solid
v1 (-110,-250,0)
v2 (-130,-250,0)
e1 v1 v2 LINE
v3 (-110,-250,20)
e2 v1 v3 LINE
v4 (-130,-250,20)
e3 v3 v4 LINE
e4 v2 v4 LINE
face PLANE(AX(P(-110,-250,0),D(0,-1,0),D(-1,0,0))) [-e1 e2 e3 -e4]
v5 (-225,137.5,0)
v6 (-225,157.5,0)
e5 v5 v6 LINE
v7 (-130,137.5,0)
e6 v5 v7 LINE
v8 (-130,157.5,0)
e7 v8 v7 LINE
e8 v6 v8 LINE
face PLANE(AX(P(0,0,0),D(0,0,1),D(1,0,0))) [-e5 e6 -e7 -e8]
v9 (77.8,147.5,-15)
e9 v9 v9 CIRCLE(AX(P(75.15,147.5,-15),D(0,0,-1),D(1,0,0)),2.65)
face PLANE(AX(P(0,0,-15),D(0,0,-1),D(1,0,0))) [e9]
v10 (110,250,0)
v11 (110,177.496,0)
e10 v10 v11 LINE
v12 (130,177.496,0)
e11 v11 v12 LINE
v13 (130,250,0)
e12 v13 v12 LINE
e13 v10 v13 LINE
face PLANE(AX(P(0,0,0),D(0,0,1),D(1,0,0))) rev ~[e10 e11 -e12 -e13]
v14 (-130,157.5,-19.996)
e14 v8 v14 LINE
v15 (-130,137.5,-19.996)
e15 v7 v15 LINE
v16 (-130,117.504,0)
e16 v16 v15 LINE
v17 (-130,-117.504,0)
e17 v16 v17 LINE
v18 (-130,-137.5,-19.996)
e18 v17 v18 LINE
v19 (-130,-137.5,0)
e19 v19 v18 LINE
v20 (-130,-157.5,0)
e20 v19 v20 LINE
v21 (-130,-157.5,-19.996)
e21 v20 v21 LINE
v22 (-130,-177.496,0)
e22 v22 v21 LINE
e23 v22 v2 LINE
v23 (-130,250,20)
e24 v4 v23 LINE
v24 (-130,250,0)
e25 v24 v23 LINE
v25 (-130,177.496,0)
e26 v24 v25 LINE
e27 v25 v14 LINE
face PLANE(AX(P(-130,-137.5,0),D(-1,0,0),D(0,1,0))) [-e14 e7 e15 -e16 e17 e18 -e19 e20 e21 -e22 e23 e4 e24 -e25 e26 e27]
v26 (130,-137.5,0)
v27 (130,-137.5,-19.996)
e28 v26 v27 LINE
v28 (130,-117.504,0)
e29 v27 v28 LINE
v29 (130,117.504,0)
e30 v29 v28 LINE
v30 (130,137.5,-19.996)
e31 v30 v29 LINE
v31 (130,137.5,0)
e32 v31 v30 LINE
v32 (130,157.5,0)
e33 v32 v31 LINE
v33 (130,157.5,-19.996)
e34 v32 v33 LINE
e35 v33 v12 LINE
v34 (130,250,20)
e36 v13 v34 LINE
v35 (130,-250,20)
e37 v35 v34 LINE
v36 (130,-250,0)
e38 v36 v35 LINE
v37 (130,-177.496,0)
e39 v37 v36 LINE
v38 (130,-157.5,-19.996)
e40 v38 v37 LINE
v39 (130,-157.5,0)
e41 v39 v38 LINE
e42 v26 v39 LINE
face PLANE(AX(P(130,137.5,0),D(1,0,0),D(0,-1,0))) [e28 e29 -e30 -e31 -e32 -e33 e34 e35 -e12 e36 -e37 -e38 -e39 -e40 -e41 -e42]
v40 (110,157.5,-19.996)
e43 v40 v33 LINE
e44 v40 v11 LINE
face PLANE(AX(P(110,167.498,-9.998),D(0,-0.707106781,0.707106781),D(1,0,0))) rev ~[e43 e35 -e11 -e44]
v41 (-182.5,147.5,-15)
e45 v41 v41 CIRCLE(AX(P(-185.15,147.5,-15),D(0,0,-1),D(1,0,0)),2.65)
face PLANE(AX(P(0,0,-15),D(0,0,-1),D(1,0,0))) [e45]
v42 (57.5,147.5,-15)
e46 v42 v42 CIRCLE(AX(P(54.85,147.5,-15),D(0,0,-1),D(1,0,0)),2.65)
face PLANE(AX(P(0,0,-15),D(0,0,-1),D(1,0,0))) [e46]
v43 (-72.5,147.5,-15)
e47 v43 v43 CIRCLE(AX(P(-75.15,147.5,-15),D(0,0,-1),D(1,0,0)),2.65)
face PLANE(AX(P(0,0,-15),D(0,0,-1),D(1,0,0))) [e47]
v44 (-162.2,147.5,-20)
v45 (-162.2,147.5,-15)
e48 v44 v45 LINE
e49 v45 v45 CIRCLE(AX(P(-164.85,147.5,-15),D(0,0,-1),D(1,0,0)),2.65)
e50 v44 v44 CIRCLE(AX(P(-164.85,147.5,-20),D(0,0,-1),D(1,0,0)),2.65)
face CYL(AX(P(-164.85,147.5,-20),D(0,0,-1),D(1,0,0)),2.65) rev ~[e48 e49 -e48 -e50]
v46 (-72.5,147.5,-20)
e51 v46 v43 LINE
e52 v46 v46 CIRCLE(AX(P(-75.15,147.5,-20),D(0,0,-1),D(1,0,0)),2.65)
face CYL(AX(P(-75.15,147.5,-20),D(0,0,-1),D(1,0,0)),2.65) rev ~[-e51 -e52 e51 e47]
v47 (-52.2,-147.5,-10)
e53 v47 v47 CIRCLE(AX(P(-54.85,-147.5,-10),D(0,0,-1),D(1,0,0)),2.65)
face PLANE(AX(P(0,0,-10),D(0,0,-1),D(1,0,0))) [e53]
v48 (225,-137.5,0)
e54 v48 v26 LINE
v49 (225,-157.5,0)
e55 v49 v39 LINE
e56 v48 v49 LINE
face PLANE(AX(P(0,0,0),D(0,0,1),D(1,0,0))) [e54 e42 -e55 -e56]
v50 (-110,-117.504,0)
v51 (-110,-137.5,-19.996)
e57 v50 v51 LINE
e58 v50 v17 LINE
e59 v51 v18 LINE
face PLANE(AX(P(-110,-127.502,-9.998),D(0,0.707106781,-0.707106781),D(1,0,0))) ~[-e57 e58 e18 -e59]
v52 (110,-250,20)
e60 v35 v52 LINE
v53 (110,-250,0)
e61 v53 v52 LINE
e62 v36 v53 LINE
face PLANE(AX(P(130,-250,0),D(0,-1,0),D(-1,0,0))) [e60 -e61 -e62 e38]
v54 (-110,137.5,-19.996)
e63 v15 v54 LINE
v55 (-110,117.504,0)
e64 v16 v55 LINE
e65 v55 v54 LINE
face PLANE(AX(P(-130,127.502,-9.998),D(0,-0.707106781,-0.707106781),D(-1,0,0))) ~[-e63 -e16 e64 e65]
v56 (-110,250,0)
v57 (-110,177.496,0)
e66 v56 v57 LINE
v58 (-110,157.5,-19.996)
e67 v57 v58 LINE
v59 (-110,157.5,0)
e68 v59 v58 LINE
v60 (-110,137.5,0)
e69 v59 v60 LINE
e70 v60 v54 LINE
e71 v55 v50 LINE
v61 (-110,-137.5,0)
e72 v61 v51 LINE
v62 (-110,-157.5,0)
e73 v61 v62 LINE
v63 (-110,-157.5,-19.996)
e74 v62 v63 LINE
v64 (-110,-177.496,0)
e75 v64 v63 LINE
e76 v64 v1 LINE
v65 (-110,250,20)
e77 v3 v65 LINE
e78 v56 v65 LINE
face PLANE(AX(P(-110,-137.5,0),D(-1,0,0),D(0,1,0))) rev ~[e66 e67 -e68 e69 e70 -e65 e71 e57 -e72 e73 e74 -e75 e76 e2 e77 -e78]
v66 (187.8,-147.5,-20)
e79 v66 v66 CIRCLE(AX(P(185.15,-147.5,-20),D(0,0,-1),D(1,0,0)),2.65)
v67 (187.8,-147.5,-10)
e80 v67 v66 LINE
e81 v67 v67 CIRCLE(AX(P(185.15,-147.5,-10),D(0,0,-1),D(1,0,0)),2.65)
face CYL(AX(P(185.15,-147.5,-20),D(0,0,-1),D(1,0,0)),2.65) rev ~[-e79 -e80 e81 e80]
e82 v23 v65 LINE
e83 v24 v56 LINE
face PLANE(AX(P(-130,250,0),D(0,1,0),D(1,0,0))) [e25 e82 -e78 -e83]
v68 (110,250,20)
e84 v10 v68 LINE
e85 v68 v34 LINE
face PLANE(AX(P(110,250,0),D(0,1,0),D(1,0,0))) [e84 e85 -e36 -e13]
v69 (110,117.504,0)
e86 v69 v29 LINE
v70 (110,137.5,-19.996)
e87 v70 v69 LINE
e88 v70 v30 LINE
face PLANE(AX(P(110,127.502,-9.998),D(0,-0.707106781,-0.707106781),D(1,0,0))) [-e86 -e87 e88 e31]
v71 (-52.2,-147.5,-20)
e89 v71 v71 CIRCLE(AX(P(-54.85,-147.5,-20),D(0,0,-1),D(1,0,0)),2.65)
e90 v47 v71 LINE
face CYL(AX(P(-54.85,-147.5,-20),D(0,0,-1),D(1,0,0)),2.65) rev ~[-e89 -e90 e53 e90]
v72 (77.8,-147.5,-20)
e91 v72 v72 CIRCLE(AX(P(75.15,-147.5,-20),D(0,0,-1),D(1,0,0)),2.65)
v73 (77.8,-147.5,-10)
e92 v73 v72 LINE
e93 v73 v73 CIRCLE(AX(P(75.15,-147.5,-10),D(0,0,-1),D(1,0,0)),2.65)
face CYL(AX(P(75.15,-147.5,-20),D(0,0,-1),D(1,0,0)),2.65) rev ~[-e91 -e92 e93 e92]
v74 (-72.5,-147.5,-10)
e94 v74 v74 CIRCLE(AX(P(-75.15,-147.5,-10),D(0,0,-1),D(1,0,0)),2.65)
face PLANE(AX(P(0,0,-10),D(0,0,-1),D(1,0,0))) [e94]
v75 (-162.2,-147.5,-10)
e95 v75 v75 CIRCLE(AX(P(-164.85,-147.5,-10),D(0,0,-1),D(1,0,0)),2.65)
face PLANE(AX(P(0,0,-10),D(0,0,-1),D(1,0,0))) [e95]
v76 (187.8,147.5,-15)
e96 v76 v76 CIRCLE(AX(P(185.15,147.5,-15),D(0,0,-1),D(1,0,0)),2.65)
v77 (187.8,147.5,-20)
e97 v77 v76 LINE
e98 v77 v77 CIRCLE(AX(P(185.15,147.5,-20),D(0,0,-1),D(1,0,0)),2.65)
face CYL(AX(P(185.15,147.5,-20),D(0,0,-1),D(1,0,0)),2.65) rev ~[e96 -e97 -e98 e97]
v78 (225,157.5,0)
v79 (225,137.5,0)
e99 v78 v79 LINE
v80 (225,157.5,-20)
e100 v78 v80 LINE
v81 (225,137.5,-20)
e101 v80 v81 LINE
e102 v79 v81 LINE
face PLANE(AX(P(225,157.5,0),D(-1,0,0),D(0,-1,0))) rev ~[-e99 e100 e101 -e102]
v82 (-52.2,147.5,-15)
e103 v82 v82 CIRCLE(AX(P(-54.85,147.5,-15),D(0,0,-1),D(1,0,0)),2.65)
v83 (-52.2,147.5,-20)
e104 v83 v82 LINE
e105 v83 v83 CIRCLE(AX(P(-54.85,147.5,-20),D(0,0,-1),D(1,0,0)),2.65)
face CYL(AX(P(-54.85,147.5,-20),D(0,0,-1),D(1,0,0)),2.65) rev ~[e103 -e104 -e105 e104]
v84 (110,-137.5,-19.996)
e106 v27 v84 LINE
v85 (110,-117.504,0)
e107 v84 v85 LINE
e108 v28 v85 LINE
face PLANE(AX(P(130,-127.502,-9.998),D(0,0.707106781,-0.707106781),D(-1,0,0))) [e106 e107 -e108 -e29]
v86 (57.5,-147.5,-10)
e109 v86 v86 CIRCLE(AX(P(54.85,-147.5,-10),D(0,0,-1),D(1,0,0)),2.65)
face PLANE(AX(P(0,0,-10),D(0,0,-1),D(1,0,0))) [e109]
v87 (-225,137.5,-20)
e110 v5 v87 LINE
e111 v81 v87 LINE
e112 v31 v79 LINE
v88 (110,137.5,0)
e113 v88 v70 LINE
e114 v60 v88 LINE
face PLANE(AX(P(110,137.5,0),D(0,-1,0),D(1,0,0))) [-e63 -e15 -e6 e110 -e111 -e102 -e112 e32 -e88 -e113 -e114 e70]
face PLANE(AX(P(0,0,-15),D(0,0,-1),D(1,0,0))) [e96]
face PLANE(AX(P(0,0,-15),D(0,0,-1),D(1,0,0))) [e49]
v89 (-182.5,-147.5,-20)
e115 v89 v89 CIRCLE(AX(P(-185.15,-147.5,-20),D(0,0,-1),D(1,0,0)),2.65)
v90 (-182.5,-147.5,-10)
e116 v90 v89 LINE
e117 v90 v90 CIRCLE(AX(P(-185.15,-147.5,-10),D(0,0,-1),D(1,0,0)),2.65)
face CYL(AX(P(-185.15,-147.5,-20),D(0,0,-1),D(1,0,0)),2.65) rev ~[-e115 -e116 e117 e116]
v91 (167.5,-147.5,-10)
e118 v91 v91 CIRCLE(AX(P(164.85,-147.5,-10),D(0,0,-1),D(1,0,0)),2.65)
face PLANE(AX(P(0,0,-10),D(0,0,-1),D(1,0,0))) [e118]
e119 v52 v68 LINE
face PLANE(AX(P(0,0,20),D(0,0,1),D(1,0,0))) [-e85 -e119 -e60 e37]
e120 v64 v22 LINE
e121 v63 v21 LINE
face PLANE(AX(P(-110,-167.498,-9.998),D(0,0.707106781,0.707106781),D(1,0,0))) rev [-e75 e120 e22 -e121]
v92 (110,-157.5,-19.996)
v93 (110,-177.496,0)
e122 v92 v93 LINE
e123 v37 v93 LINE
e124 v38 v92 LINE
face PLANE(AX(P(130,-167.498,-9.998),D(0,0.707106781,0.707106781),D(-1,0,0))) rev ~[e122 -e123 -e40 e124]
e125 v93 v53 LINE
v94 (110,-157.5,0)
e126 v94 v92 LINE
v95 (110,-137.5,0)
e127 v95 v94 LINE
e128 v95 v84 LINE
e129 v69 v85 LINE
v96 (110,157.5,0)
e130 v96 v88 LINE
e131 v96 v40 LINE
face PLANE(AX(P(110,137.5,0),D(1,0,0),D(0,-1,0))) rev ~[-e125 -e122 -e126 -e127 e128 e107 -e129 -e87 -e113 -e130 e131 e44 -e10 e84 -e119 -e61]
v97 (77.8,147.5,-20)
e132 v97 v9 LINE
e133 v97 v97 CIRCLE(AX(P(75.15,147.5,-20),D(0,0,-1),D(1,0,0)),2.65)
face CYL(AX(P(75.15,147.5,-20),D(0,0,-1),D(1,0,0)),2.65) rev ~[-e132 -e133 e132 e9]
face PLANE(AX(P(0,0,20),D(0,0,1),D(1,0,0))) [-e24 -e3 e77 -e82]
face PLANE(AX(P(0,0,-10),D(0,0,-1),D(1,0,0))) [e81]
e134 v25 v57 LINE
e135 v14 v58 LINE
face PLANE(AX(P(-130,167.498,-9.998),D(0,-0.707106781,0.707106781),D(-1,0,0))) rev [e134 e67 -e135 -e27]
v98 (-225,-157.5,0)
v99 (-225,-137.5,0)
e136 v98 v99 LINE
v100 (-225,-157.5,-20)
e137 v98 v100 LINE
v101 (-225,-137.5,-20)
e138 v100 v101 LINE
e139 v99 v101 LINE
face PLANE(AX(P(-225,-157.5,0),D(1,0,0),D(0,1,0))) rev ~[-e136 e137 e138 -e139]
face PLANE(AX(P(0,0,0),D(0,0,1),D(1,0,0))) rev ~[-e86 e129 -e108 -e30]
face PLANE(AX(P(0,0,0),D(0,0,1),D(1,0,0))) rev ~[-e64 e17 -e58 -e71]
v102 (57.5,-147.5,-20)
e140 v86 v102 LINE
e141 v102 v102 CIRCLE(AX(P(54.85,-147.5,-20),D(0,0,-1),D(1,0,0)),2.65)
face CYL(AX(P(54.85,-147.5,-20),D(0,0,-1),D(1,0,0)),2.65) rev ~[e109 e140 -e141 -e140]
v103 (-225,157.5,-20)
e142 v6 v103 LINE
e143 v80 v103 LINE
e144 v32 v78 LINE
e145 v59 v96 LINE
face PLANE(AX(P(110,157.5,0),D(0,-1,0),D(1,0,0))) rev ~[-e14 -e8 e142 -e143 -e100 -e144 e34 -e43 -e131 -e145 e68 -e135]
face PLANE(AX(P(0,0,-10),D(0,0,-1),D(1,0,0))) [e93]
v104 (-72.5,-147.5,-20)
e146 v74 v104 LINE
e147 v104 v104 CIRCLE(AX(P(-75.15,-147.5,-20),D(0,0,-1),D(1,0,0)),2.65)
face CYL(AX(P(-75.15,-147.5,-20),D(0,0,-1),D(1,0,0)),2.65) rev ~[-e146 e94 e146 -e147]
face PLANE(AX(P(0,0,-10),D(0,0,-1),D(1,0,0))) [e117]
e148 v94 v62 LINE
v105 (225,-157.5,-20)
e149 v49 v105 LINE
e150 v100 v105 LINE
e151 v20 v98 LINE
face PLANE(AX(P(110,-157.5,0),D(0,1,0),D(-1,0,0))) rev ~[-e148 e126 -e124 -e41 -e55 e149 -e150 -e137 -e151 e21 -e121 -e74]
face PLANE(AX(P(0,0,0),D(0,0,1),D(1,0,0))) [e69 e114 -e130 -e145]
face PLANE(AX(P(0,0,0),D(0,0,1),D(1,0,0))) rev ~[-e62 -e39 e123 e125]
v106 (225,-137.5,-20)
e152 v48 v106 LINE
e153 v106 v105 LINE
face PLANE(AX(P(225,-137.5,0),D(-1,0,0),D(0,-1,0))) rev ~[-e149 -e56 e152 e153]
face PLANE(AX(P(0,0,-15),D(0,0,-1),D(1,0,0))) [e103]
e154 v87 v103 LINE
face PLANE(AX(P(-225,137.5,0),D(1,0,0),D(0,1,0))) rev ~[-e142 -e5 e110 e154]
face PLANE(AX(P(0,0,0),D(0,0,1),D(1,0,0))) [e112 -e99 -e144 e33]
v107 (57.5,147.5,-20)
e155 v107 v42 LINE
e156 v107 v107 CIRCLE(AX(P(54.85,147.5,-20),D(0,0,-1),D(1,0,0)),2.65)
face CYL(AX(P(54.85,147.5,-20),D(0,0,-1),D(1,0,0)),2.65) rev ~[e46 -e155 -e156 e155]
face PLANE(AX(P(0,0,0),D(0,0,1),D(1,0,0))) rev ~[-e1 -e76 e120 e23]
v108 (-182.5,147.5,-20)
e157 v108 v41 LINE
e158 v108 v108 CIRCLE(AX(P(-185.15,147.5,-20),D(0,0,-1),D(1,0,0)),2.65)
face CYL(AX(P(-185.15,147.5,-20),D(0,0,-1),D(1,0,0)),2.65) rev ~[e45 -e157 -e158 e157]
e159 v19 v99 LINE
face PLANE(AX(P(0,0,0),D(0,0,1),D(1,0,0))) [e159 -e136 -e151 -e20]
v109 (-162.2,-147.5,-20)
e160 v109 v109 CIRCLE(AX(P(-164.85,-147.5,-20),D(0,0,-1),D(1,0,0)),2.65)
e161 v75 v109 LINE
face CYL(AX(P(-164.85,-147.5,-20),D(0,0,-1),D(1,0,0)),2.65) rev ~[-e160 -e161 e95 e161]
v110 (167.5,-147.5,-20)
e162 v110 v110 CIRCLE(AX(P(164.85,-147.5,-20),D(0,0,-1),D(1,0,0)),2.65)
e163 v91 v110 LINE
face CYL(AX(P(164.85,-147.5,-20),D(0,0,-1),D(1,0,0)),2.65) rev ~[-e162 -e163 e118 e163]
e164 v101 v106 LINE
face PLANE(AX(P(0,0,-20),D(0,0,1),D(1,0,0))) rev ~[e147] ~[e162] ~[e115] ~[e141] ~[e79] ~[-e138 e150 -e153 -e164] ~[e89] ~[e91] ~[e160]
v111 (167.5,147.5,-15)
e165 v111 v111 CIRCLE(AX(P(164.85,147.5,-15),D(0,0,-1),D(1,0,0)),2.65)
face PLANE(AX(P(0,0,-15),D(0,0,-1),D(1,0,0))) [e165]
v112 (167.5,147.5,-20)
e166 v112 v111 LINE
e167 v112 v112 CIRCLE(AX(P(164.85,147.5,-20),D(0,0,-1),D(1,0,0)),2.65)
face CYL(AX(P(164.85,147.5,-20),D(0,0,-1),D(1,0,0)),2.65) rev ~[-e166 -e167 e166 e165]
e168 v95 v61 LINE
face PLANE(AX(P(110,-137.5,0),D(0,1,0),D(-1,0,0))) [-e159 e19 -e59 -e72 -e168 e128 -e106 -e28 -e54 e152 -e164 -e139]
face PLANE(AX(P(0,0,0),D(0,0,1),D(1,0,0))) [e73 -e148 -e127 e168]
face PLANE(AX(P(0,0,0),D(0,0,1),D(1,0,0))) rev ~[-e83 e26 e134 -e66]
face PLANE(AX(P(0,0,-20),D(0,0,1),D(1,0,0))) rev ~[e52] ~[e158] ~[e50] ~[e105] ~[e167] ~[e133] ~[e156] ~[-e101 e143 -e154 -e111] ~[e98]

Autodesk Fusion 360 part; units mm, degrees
sketch "草图1" plane through (0, 0, 0) normal (0, 0, 1) x (1, 0, 0)
  line L0 (110, -137.5) -> (-110, -137.5)
  line L1 (-110, -137.5) -> (-110, 137.5)
  line L2 (-110, 137.5) -> (110, 137.5)
  line L3 (110, 137.5) -> (110, -137.5)
  line L4 (110, -137.5) -> (-110, 137.5) construction
  line L5 (-110, -137.5) -> (110, 137.5) construction
  line L6 (130, -157.5) -> (-130, -157.5)
  line L7 (-130, -157.5) -> (-130, 157.5)
  line L8 (-130, 157.5) -> (130, 157.5)
  line L9 (130, 157.5) -> (130, -157.5)
  line L10 (130, -157.5) -> (-130, 157.5) construction
  line L11 (-130, -157.5) -> (130, 157.5) construction
  line L12 (110, 137.5) -> (225, 137.5)
  line L13 (225, 137.5) -> (-225, 137.5)
  line L14 (0, 0) -> (0, 157.5) construction
  line L15 (0, 0) -> (0, -157.5) construction
  line L16 (-110, 137.5) -> (-110, 250)
  line L17 (-110, 250) -> (-110, -250)
  line L18 (0, 0) -> (-130, 0) construction
  line L19 (-225, 250) -> (225, 250)
  line L20 (225, 250) -> (225, -250)
  line L21 (225, -250) -> (-225, -250)
  line L22 (-225, -250) -> (-225, 250)
  line L23 (-225, 250) -> (225, -250) construction
  line L24 (225, 250) -> (-225, -250) construction
  line L25 (-130, 250) -> (-130, -250)
  line L26 (225, -157.5) -> (-225, -157.5)
  line L27 (-225, -137.5) -> (225, -137.5)
  line L28 (110, 250) -> (110, -250)
  line L29 (130, -250) -> (130, 250)
  line L30 (225, 157.5) -> (-225, 157.5)
  point P0 (-110, 0)
  dimension "d1" = 220
  dimension "d2" = 275
  dimension "d3" = 20
  dimension "d4" = 20
  dimension "d5" = 450
  dimension "d6" = 95
  dimension "d7" = 95
  dimension "d8" = 500
  dimension "d9" = 92.5
  dimension "d15" = 450
  dimension "d16" = 500
extrude "拉伸1" add sketch "草图1" along normal blind 20 contours L3 L9 L12 L13 L27 L28 L29 | L6 L9 L26 L27 L28 L29 | L1 L7 L13 L17 L25 L27 | L6 L7 L17 L25 L26 L27 | L8 L9 L12 L13 L28 L29 L30 | L6 L21 L26 L28 L29 | L7 L8 L13 L16 L17 L25 L30 | L6 L17 L21 L25 L26 | L8 L19 L28 L29 L30 | L8 L16 L17 L19 L25 L30 makes body 1 at (-110, 83.3333, 6.6667) makes body 2 at (130, 83.3333, 6.6667)
extrude "拉伸2" add sketch "草图1" against normal blind 20 contours L0 L6 L17 L26 L27 L28 | L6 L9 L26 L27 L28 L29 | L6 L7 L17 L25 L26 L27 | L8 L9 L12 L13 L28 L29 L30 | L2 L8 L13 L16 L17 L28 L30 | L9 L20 L26 L27 L29 | L7 L8 L13 L16 L17 L25 L30 | L7 L22 L25 L26 L27 | L9 L12 L13 L20 L29 L30 | L7 L13 L22 L25 L30 bodies 1 2
chamfer "倒角1" distance 20 angle 45 8 edges at (-120, -157.5, 0) (120, -157.5, 0) (-120, 137.5, 0) (120, 137.5, 0) (-120, -137.5, 0) (-120, 157.5, 0) (120, 157.5, 0) (120, -137.5, 0) on bodies 1
sketch "草图2" plane through (0, 0, -20) normal (0, 0, -1) x (1, 0, 0)
  line L0 (-225, 157.5) -> (-225, 137.5)
  line L1 (-225, 137.5) -> (-130, 137.5)
  line L2 (-130, 137.5) -> (-110, 137.5)
  line L3 (-110, 137.5) -> (110, 137.5)
  line L4 (110, 137.5) -> (130, 137.5)
  line L5 (130, 137.5) -> (225, 137.5)
  line L6 (225, 137.5) -> (225, 157.5)
  line L7 (225, 157.5) -> (130, 157.5)
  line L8 (130, 157.5) -> (110, 157.5)
  line L9 (110, 157.5) -> (-110, 157.5)
  line L10 (-110, 157.5) -> (-130, 157.5)
  line L11 (-130, 157.5) -> (-225, 157.5)
  line L12 (-130, 157.5) -> (-130, 137.5) construction
  line L13 (-110, 157.5) -> (-110, 137.5) construction
  line L14 (110, 157.5) -> (110, 137.5) construction
  line L15 (130, 157.5) -> (130, 137.5) construction
  line L16 (-225, 147.5) -> (225, 147.5) construction
  circle A0 centre (-185.15, 147.5) radius 2.65
  circle A1 centre (-164.85, 147.5) radius 2.65
  circle A2 centre (164.85, 147.5) radius 2.65
  circle A3 centre (185.15, 147.5) radius 2.65
  circle A4 centre (-75.15, 147.5) radius 2.65
  circle A5 centre (-54.85, 147.5) radius 2.65
  circle A6 centre (54.85, 147.5) radius 2.65
  circle A7 centre (75.15, 147.5) radius 2.65
  point P0 (-185.15, 147.5)
  point P1 (-164.85, 147.5)
  point P2 (164.85, 147.5)
  point P3 (185.15, 147.5)
  point P4 (-75.15, 147.5)
  point P5 (-54.85, 147.5)
  point P6 (75.15, 147.5)
  point P7 (54.85, 147.5)
  dimension "d17" = 55.15
  dimension "d18" = 55.15
  dimension "d19" = 20.3
  dimension "d20" = 20.3
  dimension "d21" = 5.3
  dimension "d22" = 5.3
  dimension "d23" = 5.3
  dimension "d24" = 5.3
  dimension "d25" = 55.15
  dimension "d26" = 55.15
  dimension "d27" = 20.3
  dimension "d28" = 20.3
  dimension "d29" = 5.3
  dimension "d30" = 5.3
  dimension "d31" = 5.3
  dimension "d32" = 5.3
extrude "拉伸3" cut sketch "草图2" against normal blind 10 contours A0 | A1 | A2 | A3 | A4 | A5 | A6 | A7 bodies 1
sketch "草图3" plane through (0, 0, -20) normal (0, 0, -1) x (1, 0, 0)
  line L0 (225, -157.5) -> (225, -137.5)
  line L1 (225, -137.5) -> (130, -137.5)
  line L2 (130, -137.5) -> (110, -137.5)
  line L3 (110, -137.5) -> (-110, -137.5)
  line L4 (-110, -137.5) -> (-130, -137.5)
  line L5 (-130, -137.5) -> (-225, -137.5)
  line L6 (-225, -137.5) -> (-225, -157.5)
  line L7 (-225, -157.5) -> (-130, -157.5)
  line L8 (-130, -157.5) -> (-110, -157.5)
  line L9 (-110, -157.5) -> (110, -157.5)
  line L10 (110, -157.5) -> (130, -157.5)
  line L11 (130, -157.5) -> (225, -157.5)
  line L12 (-130, -137.5) -> (-130, -157.5)
  line L13 (-110, -137.5) -> (-110, -157.5)
  line L14 (110, -137.5) -> (110, -157.5)
  line L15 (130, -137.5) -> (130, -157.5)
  line L16 (225, -147.5) -> (-225, -147.5) construction
  circle A0 centre (-185.15, -147.5) radius 2.65
  circle A1 centre (-164.85, -147.5) radius 2.65
  circle A2 centre (-75.15, -147.5) radius 2.65
  circle A3 centre (-54.85, -147.5) radius 2.65
  circle A4 centre (54.85, -147.5) radius 2.65
  circle A5 centre (75.15, -147.5) radius 2.65
  circle A6 centre (164.85, -147.5) radius 2.65
  circle A7 centre (185.15, -147.5) radius 2.65
  point P0 (-164.85, -147.5)
  point P1 (-185.15, -147.5)
  point P2 (-75.15, -147.5)
  point P3 (-54.85, -147.5)
  point P4 (54.85, -147.5)
  point P5 (75.15, -147.5)
  point P6 (164.85, -147.5)
  point P7 (185.15, -147.5)
  dimension "d35" = 5.3
  dimension "d36" = 5.3
  dimension "d37" = 5.3
  dimension "d38" = 5.3
  dimension "d39" = 5.3
  dimension "d40" = 5.3
  dimension "d41" = 5.3
  dimension "d42" = 5.3
  dimension "d43" = 55.15
  dimension "d44" = 55.15
  dimension "d45" = 55.15
  dimension "d46" = 55.15
  dimension "d47" = 20.3
  dimension "d48" = 20.3
  dimension "d49" = 20.3
  dimension "d50" = 20.3
extrude "拉伸4" cut sketch "草图2" sketch "草图3" against normal blind 5 contours A0 | A1 | A2 | A3 | A4 | A5 | A6 | A7 of sketch 2 contours A0 | A1 | A2 | A3 | A4 | A5 | A6 | A7 bodies 1
